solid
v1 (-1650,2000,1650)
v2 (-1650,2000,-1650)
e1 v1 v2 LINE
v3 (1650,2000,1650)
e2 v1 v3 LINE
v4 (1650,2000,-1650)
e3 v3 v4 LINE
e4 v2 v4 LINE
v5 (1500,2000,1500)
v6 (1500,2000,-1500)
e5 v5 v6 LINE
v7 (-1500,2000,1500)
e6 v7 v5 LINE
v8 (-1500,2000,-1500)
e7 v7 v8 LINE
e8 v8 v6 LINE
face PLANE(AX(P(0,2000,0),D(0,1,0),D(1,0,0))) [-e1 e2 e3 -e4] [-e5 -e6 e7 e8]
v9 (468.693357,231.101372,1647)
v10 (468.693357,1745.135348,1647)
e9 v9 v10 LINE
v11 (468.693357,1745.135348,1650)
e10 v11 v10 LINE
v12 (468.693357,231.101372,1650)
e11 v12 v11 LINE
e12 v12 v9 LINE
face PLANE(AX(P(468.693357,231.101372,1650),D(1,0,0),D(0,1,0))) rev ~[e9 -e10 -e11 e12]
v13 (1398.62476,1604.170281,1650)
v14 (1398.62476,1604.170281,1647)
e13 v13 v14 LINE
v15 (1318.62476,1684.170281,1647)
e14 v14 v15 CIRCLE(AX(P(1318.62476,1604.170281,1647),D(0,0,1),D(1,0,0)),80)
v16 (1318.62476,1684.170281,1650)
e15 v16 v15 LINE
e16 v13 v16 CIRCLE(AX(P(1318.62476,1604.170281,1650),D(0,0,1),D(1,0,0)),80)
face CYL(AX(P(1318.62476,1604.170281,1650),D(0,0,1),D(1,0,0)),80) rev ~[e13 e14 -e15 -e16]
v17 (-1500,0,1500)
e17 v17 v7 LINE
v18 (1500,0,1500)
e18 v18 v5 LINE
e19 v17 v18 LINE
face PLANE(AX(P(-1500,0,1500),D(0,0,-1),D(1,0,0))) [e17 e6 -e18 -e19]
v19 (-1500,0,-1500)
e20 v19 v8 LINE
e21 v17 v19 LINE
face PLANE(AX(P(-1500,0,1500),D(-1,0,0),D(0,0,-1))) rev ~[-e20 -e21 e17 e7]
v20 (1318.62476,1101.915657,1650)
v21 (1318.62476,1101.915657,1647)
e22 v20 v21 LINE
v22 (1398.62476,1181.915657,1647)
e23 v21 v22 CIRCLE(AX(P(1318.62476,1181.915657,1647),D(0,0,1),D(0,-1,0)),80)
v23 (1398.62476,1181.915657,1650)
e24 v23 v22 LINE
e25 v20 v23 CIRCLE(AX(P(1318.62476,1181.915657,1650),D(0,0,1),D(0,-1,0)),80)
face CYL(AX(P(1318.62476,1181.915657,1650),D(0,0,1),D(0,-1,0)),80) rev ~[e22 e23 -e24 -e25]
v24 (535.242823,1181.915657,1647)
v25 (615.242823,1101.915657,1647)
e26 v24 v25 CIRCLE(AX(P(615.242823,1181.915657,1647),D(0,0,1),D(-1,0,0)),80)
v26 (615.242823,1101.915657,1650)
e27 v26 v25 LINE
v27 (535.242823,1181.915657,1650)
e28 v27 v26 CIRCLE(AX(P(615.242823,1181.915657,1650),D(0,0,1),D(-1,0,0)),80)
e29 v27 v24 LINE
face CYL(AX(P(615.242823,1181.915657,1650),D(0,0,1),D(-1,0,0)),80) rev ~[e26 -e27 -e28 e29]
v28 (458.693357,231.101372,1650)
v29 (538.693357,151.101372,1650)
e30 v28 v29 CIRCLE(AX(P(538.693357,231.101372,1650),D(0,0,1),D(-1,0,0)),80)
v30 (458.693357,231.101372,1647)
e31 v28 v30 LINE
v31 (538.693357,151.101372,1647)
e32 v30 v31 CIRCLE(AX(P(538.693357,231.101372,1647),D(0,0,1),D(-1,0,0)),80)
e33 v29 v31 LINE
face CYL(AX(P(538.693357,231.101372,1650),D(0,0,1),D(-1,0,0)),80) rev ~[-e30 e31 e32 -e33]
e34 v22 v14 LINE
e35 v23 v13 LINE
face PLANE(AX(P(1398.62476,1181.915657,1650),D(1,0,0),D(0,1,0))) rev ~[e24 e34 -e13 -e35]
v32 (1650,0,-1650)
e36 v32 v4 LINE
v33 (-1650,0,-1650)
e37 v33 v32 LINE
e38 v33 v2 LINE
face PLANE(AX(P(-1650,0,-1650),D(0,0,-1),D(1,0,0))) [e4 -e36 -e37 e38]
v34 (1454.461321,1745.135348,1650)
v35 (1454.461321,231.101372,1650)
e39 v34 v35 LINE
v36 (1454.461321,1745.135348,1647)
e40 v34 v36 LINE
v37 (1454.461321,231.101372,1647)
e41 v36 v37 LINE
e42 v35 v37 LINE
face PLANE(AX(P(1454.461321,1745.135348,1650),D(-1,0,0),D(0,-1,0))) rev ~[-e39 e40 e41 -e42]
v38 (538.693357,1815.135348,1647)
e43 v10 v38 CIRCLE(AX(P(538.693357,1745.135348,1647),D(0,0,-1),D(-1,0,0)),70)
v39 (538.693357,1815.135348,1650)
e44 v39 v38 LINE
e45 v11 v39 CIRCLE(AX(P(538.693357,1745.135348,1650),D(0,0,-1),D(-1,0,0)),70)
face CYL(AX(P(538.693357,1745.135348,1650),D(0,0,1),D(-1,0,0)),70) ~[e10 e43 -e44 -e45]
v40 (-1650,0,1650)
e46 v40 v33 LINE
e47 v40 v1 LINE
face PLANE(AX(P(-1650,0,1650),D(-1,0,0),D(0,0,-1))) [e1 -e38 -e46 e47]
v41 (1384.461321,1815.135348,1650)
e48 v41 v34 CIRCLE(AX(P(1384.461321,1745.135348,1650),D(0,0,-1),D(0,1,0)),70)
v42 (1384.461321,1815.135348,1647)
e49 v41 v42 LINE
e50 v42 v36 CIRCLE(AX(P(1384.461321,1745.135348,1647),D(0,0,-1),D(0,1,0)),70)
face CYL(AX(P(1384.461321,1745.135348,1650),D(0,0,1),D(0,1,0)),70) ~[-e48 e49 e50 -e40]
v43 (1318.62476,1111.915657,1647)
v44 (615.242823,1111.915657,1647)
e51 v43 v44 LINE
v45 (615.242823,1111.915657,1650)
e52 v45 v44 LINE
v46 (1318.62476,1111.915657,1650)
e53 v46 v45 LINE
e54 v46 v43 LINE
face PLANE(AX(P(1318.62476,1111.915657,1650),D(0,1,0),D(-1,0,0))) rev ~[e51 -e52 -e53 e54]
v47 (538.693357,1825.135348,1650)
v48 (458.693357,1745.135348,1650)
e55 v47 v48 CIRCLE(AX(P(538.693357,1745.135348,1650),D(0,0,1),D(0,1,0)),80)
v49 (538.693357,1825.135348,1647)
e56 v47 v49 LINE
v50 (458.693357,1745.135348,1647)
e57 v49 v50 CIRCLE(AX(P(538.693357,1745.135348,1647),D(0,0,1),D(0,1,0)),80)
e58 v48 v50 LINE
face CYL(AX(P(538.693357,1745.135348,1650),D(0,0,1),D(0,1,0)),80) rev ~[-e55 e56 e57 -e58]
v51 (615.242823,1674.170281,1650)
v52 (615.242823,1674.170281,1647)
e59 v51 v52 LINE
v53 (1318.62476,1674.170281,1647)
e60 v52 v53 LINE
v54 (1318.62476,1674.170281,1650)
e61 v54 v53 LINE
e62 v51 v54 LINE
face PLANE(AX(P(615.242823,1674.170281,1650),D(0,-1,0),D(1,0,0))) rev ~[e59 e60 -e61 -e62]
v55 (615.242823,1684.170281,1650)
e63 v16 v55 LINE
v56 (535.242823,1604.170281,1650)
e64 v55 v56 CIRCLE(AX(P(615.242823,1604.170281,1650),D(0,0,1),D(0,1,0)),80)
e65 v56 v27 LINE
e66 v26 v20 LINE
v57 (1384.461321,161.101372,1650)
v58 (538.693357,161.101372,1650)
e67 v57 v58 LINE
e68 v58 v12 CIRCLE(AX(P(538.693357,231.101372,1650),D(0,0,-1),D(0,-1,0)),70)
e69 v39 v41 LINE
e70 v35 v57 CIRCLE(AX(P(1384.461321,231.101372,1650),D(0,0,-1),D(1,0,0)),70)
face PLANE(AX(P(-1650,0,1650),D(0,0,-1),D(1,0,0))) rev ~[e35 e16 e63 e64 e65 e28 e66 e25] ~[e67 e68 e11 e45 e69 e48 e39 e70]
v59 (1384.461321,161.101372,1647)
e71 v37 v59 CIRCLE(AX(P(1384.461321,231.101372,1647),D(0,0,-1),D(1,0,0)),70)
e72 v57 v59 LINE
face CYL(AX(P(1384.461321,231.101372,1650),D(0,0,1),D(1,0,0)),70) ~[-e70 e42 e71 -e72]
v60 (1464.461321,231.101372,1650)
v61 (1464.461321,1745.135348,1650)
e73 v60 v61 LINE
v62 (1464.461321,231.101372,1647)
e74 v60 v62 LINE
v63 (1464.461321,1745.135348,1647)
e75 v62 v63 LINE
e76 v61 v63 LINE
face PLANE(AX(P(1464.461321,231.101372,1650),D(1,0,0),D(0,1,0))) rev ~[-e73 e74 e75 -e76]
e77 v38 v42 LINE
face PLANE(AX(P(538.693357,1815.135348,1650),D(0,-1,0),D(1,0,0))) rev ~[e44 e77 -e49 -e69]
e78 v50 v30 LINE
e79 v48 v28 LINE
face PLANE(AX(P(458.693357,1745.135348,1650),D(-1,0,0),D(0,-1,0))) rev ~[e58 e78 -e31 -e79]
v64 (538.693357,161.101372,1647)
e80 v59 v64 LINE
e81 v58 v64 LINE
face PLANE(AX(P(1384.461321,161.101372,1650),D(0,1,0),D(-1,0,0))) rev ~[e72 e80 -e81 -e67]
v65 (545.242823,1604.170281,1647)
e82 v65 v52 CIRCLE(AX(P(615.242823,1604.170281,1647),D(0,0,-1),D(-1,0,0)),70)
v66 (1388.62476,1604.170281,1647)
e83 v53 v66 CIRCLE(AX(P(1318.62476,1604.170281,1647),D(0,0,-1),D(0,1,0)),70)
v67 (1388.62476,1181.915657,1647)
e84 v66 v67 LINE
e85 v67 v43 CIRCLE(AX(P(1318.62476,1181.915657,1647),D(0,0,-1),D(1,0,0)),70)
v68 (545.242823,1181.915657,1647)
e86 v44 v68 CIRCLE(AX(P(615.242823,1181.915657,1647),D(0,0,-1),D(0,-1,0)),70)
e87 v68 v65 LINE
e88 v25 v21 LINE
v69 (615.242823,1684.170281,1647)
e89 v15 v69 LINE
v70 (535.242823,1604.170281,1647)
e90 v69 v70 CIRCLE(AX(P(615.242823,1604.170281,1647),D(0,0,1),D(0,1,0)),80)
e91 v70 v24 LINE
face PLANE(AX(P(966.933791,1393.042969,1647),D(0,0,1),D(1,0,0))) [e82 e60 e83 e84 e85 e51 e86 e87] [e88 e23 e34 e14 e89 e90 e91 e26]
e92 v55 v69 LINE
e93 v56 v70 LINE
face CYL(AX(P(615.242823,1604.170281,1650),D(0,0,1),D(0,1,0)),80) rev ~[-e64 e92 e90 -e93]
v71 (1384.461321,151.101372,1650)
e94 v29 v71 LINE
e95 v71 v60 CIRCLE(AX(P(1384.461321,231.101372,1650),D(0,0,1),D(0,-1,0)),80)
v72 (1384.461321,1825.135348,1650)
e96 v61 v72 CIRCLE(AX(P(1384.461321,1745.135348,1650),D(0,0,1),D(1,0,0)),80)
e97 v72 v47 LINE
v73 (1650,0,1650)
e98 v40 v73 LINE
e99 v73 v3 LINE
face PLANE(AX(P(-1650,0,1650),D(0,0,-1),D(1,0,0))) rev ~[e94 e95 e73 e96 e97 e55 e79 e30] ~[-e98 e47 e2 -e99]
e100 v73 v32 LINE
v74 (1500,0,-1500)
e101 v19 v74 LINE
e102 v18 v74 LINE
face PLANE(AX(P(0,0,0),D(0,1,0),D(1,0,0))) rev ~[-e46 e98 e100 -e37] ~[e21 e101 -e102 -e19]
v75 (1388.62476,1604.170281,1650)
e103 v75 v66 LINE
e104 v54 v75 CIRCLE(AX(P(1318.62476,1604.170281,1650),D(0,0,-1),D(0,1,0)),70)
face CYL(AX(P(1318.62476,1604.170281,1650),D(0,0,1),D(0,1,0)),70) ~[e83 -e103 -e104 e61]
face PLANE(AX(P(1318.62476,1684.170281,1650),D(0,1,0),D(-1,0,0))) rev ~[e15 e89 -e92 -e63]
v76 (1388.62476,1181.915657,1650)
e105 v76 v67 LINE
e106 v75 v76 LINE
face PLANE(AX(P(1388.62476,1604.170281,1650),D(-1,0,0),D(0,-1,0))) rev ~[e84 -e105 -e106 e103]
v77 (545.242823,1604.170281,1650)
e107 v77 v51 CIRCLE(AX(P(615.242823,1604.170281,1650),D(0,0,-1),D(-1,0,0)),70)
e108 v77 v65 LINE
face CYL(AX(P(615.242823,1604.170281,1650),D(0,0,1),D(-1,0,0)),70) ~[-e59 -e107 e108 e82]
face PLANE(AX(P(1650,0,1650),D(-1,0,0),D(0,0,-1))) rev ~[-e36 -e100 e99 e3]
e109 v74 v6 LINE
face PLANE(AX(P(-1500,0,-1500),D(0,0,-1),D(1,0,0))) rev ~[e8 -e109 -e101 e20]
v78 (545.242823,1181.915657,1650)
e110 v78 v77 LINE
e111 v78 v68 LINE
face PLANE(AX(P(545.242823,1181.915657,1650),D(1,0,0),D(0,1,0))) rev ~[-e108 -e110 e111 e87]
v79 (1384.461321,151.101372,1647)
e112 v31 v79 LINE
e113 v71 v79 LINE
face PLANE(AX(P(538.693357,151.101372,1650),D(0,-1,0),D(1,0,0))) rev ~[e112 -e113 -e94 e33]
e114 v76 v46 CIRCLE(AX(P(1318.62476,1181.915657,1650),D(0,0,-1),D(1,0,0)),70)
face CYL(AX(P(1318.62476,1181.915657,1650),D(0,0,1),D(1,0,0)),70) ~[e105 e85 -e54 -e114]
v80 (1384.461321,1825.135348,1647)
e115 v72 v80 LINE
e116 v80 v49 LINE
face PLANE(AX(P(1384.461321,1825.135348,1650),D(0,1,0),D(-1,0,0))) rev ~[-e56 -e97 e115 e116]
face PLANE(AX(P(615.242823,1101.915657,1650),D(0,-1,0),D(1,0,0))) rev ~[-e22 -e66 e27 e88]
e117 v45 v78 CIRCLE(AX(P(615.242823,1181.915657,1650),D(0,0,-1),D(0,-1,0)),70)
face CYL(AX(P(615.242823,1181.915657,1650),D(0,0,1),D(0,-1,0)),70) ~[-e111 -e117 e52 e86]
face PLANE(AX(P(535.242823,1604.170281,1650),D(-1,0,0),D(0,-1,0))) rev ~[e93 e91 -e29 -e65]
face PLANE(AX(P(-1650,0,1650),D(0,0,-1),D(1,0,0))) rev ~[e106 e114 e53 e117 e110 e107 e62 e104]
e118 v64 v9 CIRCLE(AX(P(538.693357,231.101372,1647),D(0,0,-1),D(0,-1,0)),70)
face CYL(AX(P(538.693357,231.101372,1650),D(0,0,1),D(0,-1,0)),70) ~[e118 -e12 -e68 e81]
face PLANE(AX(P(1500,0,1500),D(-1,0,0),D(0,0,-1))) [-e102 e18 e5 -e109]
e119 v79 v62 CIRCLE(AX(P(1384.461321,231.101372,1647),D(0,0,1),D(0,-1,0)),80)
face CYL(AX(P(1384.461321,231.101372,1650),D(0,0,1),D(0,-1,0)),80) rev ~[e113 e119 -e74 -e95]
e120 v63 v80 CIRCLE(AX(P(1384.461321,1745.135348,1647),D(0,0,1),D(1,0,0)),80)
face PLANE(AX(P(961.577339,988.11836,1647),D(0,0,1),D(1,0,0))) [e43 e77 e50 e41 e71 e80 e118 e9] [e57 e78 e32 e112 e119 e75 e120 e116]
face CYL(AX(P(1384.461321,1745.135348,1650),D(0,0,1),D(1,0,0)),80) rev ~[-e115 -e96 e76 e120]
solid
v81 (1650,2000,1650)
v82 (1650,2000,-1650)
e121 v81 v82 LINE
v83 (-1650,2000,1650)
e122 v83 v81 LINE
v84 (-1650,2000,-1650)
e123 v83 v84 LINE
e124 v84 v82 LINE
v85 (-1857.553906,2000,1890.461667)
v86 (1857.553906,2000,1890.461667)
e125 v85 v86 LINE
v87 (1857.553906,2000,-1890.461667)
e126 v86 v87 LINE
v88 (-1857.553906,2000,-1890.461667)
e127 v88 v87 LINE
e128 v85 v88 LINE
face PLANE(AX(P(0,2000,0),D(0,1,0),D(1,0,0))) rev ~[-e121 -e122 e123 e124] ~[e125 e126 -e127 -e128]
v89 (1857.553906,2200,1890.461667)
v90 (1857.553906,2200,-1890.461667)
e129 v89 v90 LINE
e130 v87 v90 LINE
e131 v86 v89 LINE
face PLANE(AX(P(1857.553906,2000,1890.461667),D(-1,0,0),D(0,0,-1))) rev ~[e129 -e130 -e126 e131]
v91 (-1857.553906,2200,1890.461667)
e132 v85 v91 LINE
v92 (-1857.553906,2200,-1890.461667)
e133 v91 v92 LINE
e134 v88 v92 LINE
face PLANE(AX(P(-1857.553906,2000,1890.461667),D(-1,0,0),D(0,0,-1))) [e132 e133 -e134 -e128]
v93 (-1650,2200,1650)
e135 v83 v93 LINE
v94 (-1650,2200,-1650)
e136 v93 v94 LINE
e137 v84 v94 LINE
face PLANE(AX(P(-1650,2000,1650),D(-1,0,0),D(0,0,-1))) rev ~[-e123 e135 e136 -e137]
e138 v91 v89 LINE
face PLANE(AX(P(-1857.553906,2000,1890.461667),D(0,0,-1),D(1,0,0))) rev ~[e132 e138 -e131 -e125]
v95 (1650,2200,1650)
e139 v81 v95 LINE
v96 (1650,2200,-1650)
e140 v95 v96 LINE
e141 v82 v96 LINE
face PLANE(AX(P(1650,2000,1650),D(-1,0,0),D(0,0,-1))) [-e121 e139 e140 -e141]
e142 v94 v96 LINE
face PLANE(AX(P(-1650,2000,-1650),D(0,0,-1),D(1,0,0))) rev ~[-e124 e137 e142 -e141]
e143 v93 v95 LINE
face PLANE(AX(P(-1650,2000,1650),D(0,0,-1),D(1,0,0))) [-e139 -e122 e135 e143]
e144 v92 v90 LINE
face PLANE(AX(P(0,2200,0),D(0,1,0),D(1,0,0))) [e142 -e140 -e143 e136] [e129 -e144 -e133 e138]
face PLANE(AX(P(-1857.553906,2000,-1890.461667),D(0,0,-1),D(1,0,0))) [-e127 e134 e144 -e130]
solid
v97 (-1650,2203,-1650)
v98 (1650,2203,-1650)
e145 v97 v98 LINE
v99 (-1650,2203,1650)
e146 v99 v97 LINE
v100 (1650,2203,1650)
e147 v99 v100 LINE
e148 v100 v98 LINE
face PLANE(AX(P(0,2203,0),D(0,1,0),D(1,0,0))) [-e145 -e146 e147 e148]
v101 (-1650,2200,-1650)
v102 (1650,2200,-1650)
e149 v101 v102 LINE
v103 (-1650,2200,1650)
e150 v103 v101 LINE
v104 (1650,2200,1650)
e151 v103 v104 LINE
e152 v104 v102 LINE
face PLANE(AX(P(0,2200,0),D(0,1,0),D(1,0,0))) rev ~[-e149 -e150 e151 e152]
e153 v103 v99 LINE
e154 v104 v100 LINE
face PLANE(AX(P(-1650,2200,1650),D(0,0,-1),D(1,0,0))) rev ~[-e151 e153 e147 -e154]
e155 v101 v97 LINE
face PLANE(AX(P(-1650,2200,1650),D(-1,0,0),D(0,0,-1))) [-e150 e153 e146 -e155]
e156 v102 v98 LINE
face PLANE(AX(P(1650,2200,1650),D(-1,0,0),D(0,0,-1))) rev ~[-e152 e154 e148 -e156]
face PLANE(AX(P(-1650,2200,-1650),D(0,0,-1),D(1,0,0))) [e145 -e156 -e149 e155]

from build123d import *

# Parameters (mm, degrees)
CROQUIS1_W              = 3300
CROQUIS1_H              = 3300
CROQUIS1_W_2            = 3000
CROQUIS1_H_2            = 3000
SALIENTE_EXTRUIR1_DEPTH = 2000
CROQUIS2_W              = 3715.107812374
CROQUIS2_H              = 3780.923334612
CROQUIS2_W_2            = 3300
CROQUIS2_H_2            = 3300
SALIENTE_EXTRUIR2_DEPTH = 200
CORTAR_EXTRUIR1_DEPTH   = 3
CORTAR_EXTRUIR2_DEPTH   = 3
CROQUIS5_W              = 3300
CROQUIS5_H              = 3300
SALIENTE_EXTRUIR3_DEPTH = 3


with BuildPart() as part:
    # Croquis1 → Saliente-Extruir1 (new body)
    with BuildSketch(Plane(origin=(0, 0, 0), x_dir=(1, 0, 0), z_dir=(0, 1, 0))):
        Rectangle(CROQUIS1_W, CROQUIS1_H)
        Rectangle(CROQUIS1_W_2, CROQUIS1_H_2, mode=Mode.SUBTRACT)
    extrude(amount=SALIENTE_EXTRUIR1_DEPTH)

    # Croquis3 → Cortar-Extruir1 (cut)
    with BuildSketch(Plane.XY.offset(1650)):
        with BuildLine():
            Line((458.693356997, 1745.135347933), (458.693356997, 231.101371952))
            ThreePointArc((458.693356997, 231.101371952), (482.124814502, 174.532829457), (538.693356997, 151.101371952))
            Line((538.693356997, 151.101371952), (1384.461320744, 151.101371952))
            ThreePointArc((1384.461320744, 151.101371952), (1441.029863239, 174.532829457), (1464.461320744, 231.101371952))
            Line((1464.461320744, 231.101371952), (1464.461320744, 1745.135347933))
            ThreePointArc((1464.461320744, 1745.135347933), (1441.029863239, 1801.703890428), (1384.461320744, 1825.135347933))
            Line((1384.461320744, 1825.135347933), (538.693356997, 1825.135347933))
            ThreePointArc((538.693356997, 1825.135347933), (482.124814502, 1801.703890428), (458.693356997, 1745.135347933))
        make_face()
        with BuildLine():
            Line((538.693356997, 1815.135347933), (1384.461320744, 1815.135347933))
            ThreePointArc((1384.461320744, 1815.135347933), (1433.958795427, 1794.632822616), (1454.461320744, 1745.135347933))
            Line((1454.461320744, 1745.135347933), (1454.461320744, 231.101371952))
            ThreePointArc((1454.461320744, 231.101371952), (1433.958795427, 181.603897269), (1384.461320744, 161.101371952))
            Line((1384.461320744, 161.101371952), (538.693356997, 161.101371952))
            ThreePointArc((538.693356997, 161.101371952), (489.195882313, 181.603897269), (468.693356997, 231.101371952))
            Line((468.693356997, 231.101371952), (468.693356997, 1745.135347933))
            ThreePointArc((468.693356997, 1745.135347933), (489.195882313, 1794.632822616), (538.693356997, 1815.135347933))
        make_face(mode=Mode.SUBTRACT)
    extrude(amount=-CORTAR_EXTRUIR1_DEPTH, mode=Mode.SUBTRACT)

    # Croquis4 → Cortar-Extruir2 (cut)
    with BuildSketch(Plane.XY.offset(1650)):
        with BuildLine():
            Line((535.242823134, 1604.170281482), (535.242823134, 1181.915657145))
            ThreePointArc((535.242823134, 1181.915657145), (558.674280639, 1125.34711465), (615.242823134, 1101.915657145))
            Line((615.242823134, 1101.915657145), (1318.624759638, 1101.915657145))
            ThreePointArc((1318.624759638, 1101.915657145), (1375.193302133, 1125.34711465), (1398.624759638, 1181.915657145))
            Line((1398.624759638, 1181.915657145), (1398.624759638, 1604.170281482))
            ThreePointArc((1398.624759638, 1604.170281482), (1375.193302133, 1660.738823977), (1318.624759638, 1684.170281482))
            Line((1318.624759638, 1684.170281482), (615.242823134, 1684.170281482))
            ThreePointArc((615.242823134, 1684.170281482), (558.674280639, 1660.738823977), (535.242823134, 1604.170281482))
        make_face()
        with BuildLine():
            Line((615.242823134, 1674.170281482), (1318.624759638, 1674.170281482))
            ThreePointArc((1318.624759638, 1674.170281482), (1368.122234322, 1653.667756165), (1388.624759638, 1604.170281482))
            Line((1388.624759638, 1604.170281482), (1388.624759638, 1181.915657145))
            ThreePointArc((1388.624759638, 1181.915657145), (1368.122234322, 1132.418182462), (1318.624759638, 1111.915657145))
            Line((1318.624759638, 1111.915657145), (615.242823134, 1111.915657145))
            ThreePointArc((615.242823134, 1111.915657145), (565.74534845, 1132.418182462), (545.242823134, 1181.915657145))
            Line((545.242823134, 1181.915657145), (545.242823134, 1604.170281482))
            ThreePointArc((545.242823134, 1604.170281482), (565.74534845, 1653.667756165), (615.242823134, 1674.170281482))
        make_face(mode=Mode.SUBTRACT)
    extrude(amount=-CORTAR_EXTRUIR2_DEPTH, mode=Mode.SUBTRACT)


with BuildPart() as body_2:
    # Croquis2 → Saliente-Extruir2 (new body)
    with BuildSketch(Plane(origin=(0, 2000, 0), x_dir=(1, 0, 0), z_dir=(0, 1, 0))):
        Rectangle(CROQUIS2_W, CROQUIS2_H)
        Rectangle(CROQUIS2_W_2, CROQUIS2_H_2, mode=Mode.SUBTRACT)
    extrude(amount=SALIENTE_EXTRUIR2_DEPTH)


with BuildPart() as body_3:
    # Croquis5 → Saliente-Extruir3 (new body)
    with BuildSketch(Plane(origin=(0, 2200, 0), x_dir=(1, 0, 0), z_dir=(0, 1, 0))):
        Rectangle(CROQUIS5_W, CROQUIS5_H)
    extrude(amount=SALIENTE_EXTRUIR3_DEPTH)


solid = Compound([part.part, body_2.part, body_3.part])
